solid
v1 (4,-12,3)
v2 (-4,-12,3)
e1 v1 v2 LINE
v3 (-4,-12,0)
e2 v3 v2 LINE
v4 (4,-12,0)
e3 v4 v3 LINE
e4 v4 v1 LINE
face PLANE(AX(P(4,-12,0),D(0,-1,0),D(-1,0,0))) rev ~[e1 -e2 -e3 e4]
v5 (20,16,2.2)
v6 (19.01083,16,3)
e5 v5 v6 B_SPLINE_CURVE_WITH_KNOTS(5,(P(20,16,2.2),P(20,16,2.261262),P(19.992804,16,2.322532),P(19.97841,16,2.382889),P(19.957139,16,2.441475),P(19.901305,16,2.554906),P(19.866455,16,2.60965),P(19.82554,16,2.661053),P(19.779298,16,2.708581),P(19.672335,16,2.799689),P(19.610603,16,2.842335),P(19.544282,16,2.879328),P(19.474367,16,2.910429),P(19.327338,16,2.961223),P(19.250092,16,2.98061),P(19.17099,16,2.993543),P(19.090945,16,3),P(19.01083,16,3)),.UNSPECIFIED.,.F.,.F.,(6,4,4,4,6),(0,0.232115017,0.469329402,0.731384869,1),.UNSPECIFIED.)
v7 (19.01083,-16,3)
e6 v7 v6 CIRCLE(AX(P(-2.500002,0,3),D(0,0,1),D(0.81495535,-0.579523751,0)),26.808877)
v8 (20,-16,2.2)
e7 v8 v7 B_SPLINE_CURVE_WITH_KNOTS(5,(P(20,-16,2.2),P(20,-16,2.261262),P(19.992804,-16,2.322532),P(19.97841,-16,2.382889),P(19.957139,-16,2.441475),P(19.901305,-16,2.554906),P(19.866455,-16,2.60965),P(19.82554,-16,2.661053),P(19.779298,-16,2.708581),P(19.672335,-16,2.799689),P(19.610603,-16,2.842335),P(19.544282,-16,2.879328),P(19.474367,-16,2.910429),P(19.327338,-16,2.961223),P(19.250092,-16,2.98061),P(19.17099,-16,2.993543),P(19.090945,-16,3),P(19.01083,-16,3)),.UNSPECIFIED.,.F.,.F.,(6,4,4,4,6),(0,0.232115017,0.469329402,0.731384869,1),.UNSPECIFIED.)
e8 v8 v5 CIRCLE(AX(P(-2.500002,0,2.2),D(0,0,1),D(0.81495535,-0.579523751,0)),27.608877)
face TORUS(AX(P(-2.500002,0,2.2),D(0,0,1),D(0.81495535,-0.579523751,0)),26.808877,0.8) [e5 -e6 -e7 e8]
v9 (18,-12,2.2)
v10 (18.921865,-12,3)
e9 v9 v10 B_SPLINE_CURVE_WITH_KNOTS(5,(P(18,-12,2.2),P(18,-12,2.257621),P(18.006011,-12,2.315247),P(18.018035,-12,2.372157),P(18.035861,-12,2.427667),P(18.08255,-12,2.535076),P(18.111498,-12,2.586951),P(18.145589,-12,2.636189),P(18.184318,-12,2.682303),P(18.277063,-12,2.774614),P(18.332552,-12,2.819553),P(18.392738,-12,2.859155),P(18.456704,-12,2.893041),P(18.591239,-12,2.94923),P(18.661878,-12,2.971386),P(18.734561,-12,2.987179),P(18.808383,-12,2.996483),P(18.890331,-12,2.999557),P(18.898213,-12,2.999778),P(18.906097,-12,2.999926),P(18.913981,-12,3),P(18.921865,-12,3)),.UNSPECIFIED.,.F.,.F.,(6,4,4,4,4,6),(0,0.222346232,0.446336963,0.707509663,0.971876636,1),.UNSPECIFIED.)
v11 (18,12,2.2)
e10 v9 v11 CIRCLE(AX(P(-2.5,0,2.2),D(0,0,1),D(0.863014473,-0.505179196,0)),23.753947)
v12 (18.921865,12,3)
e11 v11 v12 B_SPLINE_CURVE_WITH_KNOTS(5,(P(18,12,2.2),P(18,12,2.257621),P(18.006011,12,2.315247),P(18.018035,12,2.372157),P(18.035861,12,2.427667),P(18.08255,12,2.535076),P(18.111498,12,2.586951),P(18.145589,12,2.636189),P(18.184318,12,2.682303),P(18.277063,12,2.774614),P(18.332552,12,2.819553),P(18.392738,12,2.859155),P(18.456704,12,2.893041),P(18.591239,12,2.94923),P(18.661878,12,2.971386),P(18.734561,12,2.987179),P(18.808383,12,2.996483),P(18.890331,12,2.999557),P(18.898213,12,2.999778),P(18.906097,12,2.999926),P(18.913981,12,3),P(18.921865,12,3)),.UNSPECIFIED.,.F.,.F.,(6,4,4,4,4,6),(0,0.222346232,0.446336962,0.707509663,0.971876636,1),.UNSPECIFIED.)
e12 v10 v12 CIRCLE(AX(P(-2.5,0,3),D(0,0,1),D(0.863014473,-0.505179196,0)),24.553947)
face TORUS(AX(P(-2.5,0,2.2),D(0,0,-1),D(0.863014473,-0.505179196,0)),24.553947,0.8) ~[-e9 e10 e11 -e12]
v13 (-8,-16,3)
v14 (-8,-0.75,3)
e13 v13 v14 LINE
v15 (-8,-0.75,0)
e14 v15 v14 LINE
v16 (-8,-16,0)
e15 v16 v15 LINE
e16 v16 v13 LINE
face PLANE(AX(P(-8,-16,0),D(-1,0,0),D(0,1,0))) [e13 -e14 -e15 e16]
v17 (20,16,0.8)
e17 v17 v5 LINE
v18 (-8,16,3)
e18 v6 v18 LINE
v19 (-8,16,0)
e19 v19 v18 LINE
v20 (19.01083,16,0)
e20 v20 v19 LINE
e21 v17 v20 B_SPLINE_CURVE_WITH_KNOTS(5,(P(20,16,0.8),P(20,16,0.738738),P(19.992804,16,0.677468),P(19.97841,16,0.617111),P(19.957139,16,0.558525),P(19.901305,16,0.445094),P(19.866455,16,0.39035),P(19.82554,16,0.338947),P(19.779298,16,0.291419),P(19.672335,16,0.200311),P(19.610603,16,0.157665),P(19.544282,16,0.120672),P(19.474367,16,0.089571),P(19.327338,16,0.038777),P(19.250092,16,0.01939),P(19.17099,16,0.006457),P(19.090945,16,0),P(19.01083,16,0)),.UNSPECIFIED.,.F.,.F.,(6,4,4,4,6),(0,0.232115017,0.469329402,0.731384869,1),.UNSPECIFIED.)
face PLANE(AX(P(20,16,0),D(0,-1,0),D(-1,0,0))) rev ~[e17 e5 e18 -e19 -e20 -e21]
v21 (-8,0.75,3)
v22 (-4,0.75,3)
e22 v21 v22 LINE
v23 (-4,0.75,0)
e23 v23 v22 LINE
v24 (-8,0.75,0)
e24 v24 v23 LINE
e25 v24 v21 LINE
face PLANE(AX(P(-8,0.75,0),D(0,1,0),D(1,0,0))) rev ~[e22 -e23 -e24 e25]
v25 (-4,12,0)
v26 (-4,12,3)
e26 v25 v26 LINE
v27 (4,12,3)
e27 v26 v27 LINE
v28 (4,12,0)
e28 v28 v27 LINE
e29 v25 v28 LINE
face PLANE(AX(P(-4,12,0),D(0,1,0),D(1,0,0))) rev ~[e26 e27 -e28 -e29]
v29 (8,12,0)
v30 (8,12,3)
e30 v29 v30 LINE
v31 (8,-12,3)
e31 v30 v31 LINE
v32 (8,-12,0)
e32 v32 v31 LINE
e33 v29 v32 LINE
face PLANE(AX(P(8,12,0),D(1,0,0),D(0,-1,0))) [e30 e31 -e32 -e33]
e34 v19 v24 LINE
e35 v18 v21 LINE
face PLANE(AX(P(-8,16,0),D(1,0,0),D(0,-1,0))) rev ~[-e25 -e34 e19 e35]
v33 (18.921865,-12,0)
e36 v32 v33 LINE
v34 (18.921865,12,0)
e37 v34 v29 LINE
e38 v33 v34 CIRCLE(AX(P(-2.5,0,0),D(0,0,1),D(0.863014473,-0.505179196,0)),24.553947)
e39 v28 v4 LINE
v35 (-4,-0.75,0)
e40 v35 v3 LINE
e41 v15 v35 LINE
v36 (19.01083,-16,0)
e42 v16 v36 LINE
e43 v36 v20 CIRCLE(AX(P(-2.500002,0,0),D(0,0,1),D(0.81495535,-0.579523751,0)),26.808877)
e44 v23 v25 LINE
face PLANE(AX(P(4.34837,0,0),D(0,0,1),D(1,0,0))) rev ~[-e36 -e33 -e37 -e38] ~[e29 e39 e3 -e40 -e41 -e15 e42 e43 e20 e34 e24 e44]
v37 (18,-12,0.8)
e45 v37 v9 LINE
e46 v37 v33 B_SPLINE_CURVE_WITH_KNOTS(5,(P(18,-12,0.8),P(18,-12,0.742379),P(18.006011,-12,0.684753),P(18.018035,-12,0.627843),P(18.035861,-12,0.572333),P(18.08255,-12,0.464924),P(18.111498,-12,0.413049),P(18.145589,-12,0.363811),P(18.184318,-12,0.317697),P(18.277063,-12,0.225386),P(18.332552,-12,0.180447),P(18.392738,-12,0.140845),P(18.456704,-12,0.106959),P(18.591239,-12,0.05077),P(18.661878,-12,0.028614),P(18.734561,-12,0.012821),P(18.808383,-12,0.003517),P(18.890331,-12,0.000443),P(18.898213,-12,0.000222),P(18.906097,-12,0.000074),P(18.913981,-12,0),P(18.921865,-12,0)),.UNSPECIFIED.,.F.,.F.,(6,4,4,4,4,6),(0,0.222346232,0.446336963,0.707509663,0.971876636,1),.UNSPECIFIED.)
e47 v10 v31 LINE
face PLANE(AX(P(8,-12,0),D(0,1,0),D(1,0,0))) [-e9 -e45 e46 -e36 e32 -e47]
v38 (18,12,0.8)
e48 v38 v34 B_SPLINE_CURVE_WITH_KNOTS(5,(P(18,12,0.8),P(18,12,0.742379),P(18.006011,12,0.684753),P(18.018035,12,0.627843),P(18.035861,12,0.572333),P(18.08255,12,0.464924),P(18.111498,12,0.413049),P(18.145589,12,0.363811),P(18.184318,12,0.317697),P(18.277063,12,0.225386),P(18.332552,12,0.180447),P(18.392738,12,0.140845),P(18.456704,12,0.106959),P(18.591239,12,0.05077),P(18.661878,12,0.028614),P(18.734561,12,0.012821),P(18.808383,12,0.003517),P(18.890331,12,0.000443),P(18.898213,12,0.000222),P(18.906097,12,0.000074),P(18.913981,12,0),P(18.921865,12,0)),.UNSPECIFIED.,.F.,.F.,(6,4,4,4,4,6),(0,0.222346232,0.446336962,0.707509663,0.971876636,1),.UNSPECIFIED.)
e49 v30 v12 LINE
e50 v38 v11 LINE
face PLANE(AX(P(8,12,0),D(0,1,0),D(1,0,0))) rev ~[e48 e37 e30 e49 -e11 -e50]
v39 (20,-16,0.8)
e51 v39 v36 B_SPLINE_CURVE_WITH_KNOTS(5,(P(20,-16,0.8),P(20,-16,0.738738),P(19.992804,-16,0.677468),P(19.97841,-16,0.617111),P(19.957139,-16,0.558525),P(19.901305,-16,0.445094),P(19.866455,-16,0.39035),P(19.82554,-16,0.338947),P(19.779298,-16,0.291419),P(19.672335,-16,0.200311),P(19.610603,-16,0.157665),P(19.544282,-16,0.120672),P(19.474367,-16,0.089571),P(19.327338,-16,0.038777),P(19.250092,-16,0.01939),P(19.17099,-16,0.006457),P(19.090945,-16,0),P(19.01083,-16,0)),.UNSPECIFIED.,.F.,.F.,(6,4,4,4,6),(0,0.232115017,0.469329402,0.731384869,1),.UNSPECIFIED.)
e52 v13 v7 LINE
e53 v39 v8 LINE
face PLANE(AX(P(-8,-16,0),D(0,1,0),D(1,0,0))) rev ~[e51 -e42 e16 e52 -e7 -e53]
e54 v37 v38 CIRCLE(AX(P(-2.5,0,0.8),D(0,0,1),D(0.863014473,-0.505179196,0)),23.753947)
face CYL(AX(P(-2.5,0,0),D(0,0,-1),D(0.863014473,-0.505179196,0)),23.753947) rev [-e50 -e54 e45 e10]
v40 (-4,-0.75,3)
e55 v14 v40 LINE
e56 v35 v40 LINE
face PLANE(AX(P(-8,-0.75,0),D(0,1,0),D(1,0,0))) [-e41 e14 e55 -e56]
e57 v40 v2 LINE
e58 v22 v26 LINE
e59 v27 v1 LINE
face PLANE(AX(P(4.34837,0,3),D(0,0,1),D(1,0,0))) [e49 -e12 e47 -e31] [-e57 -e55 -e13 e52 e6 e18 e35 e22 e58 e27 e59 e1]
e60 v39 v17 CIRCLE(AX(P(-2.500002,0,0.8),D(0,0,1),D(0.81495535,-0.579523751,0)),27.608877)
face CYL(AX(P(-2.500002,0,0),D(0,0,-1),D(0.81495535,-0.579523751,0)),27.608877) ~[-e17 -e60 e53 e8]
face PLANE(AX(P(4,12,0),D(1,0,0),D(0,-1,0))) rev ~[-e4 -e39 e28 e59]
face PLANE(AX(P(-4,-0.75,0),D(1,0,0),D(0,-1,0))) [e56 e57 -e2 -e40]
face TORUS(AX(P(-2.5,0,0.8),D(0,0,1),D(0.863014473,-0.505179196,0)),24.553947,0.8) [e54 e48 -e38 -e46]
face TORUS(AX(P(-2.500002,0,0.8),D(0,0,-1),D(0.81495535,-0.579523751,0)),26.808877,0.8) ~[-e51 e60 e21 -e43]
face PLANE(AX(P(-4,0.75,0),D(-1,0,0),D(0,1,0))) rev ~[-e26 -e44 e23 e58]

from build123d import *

# Parameters (mm, degrees)
PAD_DEPTH = 3
FILLET_R  = 0.8


with BuildPart() as part:
    # Sketch → Pad (new body)
    with BuildSketch(Plane.XY):
        with BuildLine():
            Line((-4, 12), (4, 12))
            Line((4, 12), (4, -12))
            Line((4, -12), (-4, -12))
            Line((-4, -0.75), (-4, -12))
            Line((-8, -0.75), (-4, -0.75))
            Line((-8, -16), (-8, -0.75))
            Line((-8, -16), (20, -16))
            ThreePointArc((20, -16), (25.108875, 0), (20, 16))
            Line((20, 16), (-8, 16))
            Line((-8, 16), (-8, 0.75))
            Line((-8, 0.75), (-4, 0.75))
            Line((-4, 0.75), (-4, 12))
        make_face()
        with BuildLine():
            Line((8, 12), (8, -12))
            Line((8, -12), (18, -12))
            ThreePointArc((18, -12), (21.253947, 0), (18, 12))
            Line((8, 12), (18, 12))
        make_face(mode=Mode.SUBTRACT)
    extrude(amount=PAD_DEPTH)

    # Fillet
    fillet_edges = [part.edges().sort_by_distance(p)[0] for p in [
        (21.253947, 0, 3),
        (25.108875, 0, 3),
        (25.108875, 0, 0),
        (21.253947, 0, 0),
    ]]
    fillet(fillet_edges, radius=FILLET_R)


solid = part.part
